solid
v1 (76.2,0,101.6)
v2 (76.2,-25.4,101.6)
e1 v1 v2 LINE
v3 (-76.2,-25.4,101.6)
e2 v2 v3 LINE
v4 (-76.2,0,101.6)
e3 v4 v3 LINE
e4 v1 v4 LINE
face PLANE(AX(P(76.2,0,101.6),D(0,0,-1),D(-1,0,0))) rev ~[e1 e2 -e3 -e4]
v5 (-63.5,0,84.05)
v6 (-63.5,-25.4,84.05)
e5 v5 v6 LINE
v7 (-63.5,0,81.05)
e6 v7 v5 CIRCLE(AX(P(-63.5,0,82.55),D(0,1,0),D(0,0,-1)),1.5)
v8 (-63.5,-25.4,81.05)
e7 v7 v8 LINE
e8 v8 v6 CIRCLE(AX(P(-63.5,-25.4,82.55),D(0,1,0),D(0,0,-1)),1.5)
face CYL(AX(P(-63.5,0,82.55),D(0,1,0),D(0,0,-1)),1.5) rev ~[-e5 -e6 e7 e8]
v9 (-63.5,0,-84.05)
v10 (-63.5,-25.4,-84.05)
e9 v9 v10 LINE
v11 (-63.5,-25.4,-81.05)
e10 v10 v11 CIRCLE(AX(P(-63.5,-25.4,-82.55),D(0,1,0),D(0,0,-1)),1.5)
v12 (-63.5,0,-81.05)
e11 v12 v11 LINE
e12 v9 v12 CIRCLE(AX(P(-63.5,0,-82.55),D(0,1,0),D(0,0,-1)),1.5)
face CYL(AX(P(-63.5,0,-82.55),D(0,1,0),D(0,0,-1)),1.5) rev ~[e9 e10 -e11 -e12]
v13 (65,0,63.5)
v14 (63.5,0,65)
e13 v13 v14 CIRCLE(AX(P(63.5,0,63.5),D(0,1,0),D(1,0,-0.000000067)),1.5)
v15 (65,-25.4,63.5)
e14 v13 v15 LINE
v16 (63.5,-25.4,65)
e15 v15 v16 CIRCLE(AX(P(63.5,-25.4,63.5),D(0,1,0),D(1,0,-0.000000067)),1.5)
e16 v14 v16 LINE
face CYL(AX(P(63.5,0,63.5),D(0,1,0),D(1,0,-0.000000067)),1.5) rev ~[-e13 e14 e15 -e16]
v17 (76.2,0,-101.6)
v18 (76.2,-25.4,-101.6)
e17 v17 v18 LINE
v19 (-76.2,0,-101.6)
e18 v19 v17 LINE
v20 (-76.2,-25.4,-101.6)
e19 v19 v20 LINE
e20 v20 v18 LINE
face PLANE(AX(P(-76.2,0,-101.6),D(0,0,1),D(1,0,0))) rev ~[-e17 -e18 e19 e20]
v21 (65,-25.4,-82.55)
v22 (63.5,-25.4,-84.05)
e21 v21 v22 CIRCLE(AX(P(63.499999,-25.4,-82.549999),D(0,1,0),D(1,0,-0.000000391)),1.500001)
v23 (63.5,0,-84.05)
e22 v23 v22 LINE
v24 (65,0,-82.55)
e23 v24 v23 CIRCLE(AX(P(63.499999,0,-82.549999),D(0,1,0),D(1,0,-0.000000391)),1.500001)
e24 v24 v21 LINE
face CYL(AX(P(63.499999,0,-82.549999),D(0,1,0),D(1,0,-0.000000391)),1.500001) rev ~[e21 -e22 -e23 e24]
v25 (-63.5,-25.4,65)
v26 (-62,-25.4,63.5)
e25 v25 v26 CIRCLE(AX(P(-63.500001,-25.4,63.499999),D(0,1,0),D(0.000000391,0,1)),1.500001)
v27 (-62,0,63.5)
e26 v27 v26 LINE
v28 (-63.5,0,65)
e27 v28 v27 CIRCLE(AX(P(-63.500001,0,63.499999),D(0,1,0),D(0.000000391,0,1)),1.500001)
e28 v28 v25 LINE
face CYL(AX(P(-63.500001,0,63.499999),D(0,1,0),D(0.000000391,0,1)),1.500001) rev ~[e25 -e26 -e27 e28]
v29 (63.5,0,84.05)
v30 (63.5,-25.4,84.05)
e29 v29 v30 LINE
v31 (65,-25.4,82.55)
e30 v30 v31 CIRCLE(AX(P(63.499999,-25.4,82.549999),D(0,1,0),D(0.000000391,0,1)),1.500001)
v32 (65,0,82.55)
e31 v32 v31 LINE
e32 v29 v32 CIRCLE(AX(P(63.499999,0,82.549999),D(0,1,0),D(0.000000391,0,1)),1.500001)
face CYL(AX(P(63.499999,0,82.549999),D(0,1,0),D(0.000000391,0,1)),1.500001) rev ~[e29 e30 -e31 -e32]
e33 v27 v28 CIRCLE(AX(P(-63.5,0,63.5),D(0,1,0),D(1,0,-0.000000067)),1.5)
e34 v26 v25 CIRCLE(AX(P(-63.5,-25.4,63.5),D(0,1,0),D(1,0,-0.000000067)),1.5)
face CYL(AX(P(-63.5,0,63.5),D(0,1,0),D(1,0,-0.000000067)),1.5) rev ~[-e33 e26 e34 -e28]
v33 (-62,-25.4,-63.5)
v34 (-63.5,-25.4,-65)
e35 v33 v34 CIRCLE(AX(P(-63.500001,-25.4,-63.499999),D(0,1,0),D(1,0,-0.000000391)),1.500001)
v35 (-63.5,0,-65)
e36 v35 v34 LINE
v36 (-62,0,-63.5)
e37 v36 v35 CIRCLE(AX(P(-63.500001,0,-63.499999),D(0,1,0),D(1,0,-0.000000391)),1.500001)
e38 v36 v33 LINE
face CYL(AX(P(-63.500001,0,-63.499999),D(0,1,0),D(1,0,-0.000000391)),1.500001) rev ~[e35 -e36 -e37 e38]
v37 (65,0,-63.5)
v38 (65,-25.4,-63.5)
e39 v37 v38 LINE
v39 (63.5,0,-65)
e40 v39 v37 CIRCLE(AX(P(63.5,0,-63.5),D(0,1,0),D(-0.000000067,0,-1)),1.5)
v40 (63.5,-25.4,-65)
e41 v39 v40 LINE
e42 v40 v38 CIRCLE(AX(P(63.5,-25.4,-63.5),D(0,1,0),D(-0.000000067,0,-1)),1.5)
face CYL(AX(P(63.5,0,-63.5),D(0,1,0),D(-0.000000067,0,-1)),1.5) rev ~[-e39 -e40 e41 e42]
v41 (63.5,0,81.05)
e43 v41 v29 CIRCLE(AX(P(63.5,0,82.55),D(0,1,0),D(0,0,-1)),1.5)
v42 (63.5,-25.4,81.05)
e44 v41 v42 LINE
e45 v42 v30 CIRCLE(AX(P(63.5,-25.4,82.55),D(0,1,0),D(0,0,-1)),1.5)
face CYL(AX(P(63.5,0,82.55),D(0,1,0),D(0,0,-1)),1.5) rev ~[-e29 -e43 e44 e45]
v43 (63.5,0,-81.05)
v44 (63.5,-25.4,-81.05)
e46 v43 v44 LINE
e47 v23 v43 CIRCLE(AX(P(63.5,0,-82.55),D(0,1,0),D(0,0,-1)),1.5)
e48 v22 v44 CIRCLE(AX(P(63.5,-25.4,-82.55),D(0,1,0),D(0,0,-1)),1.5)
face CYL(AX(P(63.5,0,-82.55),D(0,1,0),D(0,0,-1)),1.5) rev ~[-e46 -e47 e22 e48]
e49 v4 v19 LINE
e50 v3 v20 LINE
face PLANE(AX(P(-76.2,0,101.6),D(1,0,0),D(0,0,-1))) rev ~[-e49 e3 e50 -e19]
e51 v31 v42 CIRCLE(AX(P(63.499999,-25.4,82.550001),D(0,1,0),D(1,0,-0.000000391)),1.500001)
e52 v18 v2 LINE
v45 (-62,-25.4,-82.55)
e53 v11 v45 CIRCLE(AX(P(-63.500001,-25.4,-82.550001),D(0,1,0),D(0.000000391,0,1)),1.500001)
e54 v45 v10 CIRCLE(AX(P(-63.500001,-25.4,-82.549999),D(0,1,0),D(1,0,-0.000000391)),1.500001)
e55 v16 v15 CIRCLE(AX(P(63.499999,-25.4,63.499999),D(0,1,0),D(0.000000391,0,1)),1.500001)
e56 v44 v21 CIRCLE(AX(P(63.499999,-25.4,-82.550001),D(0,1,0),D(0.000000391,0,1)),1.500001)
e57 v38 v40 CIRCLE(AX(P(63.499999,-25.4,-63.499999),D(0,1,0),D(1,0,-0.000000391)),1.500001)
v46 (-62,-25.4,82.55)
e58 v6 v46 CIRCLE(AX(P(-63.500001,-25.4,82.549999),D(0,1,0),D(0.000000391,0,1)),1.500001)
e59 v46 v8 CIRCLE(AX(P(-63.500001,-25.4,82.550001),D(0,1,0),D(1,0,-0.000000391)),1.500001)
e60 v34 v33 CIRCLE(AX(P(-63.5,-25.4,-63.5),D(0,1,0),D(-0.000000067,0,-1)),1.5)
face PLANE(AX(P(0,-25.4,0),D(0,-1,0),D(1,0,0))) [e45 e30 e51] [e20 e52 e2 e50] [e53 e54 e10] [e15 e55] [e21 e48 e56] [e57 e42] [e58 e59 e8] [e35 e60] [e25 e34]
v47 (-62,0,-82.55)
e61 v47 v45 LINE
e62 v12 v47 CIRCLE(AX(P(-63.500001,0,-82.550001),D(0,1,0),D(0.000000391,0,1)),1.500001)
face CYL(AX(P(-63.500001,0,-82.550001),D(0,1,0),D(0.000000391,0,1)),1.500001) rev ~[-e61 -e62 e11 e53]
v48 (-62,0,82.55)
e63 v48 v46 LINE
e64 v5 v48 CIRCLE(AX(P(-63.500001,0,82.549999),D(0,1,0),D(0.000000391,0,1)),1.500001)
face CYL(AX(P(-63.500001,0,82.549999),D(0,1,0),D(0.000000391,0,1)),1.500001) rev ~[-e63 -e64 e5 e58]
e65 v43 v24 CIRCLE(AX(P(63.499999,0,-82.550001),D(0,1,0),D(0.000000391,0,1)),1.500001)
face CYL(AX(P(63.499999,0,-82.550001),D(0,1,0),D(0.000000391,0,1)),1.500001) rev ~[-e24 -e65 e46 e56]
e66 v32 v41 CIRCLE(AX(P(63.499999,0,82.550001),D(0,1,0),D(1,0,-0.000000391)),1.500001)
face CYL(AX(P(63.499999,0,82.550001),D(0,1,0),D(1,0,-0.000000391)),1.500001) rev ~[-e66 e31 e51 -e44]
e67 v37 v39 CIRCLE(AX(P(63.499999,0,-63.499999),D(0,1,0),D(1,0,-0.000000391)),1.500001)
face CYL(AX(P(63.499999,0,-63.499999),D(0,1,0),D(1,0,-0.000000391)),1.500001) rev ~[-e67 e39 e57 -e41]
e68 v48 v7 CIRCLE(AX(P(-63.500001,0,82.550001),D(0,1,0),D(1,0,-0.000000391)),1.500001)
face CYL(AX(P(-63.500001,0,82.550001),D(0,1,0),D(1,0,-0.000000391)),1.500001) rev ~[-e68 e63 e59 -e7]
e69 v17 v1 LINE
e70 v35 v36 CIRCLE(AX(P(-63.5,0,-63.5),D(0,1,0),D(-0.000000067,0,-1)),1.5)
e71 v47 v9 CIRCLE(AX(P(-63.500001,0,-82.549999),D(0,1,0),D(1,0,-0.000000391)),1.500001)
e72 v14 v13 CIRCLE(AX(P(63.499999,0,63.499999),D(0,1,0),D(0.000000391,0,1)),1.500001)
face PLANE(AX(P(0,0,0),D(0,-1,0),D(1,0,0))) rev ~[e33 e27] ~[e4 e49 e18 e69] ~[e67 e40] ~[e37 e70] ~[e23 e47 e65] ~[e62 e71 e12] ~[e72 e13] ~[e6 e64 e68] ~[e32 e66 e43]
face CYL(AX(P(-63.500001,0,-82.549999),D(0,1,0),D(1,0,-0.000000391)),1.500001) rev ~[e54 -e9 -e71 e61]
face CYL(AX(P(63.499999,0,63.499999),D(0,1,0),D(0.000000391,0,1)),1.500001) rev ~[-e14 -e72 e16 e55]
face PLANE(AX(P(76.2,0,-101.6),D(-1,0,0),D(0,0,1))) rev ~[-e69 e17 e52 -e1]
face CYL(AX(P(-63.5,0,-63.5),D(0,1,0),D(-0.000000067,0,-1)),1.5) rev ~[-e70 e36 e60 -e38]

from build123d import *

# Parameters (mm, degrees)
F1_DEPTH = 25.4


with BuildPart() as f1:
    # F0 (on Front) → F1 (new body)
    with BuildSketch(Plane.XZ):
        Polygon((-63.5, 101.6), (-76.2, 101.6), (-76.2, -101.6), (-63.5, -101.6), (63.5, -101.6), (76.2, -101.6), (76.2, 101.6), (63.5, 101.6), align=None)
        with BuildLine():
            ThreePointArc((-62, -82.55), (-62.43934, -83.61066), (-63.5, -84.05))
            ThreePointArc((-63.5, -84.05), (-65, -82.55), (-63.5, -81.05))
            ThreePointArc((-63.5, -81.05), (-62.43934, -81.48934), (-62, -82.55))
        make_face(mode=Mode.SUBTRACT)
        with BuildLine():
            ThreePointArc((-62, -63.5), (-62.43934, -64.56066), (-63.5, -65))
            ThreePointArc((-63.5, -65), (-64.56066, -62.43934), (-62, -63.5))
        make_face(mode=Mode.SUBTRACT)
        with BuildLine():
            ThreePointArc((65, -82.55), (64.56066, -83.61066), (63.5, -84.05))
            ThreePointArc((63.5, -84.05), (62, -82.55), (63.5, -81.05))
            ThreePointArc((63.5, -81.05), (64.56066, -81.48934), (65, -82.55))
        make_face(mode=Mode.SUBTRACT)
        with BuildLine():
            ThreePointArc((65, -63.5), (64.56066, -64.56066), (63.5, -65))
            ThreePointArc((63.5, -65), (62.43934, -62.43934), (65, -63.5))
        make_face(mode=Mode.SUBTRACT)
        with BuildLine():
            ThreePointArc((-62, 63.5), (-64.56066, 62.43934), (-63.5, 65))
            ThreePointArc((-63.5, 65), (-62.43934, 64.56066), (-62, 63.5))
        make_face(mode=Mode.SUBTRACT)
        with BuildLine():
            ThreePointArc((-63.5, 81.05), (-65, 82.55), (-63.5, 84.05))
            ThreePointArc((-63.5, 84.05), (-62.43934, 83.61066), (-62, 82.55))
            ThreePointArc((-62, 82.55), (-62.43934, 81.48934), (-63.5, 81.05))
        make_face(mode=Mode.SUBTRACT)
        with BuildLine():
            ThreePointArc((65, 63.5), (62.43934, 62.43934), (63.5, 65))
            ThreePointArc((63.5, 65), (64.56066, 64.56066), (65, 63.5))
        make_face(mode=Mode.SUBTRACT)
        with BuildLine():
            ThreePointArc((63.5, 81.05), (62, 82.55), (63.5, 84.05))
            ThreePointArc((63.5, 84.05), (64.56066, 83.61066), (65, 82.55))
            ThreePointArc((65, 82.55), (64.56066, 81.48934), (63.5, 81.05))
        make_face(mode=Mode.SUBTRACT)
    extrude(amount=F1_DEPTH)


solid = f1.part
